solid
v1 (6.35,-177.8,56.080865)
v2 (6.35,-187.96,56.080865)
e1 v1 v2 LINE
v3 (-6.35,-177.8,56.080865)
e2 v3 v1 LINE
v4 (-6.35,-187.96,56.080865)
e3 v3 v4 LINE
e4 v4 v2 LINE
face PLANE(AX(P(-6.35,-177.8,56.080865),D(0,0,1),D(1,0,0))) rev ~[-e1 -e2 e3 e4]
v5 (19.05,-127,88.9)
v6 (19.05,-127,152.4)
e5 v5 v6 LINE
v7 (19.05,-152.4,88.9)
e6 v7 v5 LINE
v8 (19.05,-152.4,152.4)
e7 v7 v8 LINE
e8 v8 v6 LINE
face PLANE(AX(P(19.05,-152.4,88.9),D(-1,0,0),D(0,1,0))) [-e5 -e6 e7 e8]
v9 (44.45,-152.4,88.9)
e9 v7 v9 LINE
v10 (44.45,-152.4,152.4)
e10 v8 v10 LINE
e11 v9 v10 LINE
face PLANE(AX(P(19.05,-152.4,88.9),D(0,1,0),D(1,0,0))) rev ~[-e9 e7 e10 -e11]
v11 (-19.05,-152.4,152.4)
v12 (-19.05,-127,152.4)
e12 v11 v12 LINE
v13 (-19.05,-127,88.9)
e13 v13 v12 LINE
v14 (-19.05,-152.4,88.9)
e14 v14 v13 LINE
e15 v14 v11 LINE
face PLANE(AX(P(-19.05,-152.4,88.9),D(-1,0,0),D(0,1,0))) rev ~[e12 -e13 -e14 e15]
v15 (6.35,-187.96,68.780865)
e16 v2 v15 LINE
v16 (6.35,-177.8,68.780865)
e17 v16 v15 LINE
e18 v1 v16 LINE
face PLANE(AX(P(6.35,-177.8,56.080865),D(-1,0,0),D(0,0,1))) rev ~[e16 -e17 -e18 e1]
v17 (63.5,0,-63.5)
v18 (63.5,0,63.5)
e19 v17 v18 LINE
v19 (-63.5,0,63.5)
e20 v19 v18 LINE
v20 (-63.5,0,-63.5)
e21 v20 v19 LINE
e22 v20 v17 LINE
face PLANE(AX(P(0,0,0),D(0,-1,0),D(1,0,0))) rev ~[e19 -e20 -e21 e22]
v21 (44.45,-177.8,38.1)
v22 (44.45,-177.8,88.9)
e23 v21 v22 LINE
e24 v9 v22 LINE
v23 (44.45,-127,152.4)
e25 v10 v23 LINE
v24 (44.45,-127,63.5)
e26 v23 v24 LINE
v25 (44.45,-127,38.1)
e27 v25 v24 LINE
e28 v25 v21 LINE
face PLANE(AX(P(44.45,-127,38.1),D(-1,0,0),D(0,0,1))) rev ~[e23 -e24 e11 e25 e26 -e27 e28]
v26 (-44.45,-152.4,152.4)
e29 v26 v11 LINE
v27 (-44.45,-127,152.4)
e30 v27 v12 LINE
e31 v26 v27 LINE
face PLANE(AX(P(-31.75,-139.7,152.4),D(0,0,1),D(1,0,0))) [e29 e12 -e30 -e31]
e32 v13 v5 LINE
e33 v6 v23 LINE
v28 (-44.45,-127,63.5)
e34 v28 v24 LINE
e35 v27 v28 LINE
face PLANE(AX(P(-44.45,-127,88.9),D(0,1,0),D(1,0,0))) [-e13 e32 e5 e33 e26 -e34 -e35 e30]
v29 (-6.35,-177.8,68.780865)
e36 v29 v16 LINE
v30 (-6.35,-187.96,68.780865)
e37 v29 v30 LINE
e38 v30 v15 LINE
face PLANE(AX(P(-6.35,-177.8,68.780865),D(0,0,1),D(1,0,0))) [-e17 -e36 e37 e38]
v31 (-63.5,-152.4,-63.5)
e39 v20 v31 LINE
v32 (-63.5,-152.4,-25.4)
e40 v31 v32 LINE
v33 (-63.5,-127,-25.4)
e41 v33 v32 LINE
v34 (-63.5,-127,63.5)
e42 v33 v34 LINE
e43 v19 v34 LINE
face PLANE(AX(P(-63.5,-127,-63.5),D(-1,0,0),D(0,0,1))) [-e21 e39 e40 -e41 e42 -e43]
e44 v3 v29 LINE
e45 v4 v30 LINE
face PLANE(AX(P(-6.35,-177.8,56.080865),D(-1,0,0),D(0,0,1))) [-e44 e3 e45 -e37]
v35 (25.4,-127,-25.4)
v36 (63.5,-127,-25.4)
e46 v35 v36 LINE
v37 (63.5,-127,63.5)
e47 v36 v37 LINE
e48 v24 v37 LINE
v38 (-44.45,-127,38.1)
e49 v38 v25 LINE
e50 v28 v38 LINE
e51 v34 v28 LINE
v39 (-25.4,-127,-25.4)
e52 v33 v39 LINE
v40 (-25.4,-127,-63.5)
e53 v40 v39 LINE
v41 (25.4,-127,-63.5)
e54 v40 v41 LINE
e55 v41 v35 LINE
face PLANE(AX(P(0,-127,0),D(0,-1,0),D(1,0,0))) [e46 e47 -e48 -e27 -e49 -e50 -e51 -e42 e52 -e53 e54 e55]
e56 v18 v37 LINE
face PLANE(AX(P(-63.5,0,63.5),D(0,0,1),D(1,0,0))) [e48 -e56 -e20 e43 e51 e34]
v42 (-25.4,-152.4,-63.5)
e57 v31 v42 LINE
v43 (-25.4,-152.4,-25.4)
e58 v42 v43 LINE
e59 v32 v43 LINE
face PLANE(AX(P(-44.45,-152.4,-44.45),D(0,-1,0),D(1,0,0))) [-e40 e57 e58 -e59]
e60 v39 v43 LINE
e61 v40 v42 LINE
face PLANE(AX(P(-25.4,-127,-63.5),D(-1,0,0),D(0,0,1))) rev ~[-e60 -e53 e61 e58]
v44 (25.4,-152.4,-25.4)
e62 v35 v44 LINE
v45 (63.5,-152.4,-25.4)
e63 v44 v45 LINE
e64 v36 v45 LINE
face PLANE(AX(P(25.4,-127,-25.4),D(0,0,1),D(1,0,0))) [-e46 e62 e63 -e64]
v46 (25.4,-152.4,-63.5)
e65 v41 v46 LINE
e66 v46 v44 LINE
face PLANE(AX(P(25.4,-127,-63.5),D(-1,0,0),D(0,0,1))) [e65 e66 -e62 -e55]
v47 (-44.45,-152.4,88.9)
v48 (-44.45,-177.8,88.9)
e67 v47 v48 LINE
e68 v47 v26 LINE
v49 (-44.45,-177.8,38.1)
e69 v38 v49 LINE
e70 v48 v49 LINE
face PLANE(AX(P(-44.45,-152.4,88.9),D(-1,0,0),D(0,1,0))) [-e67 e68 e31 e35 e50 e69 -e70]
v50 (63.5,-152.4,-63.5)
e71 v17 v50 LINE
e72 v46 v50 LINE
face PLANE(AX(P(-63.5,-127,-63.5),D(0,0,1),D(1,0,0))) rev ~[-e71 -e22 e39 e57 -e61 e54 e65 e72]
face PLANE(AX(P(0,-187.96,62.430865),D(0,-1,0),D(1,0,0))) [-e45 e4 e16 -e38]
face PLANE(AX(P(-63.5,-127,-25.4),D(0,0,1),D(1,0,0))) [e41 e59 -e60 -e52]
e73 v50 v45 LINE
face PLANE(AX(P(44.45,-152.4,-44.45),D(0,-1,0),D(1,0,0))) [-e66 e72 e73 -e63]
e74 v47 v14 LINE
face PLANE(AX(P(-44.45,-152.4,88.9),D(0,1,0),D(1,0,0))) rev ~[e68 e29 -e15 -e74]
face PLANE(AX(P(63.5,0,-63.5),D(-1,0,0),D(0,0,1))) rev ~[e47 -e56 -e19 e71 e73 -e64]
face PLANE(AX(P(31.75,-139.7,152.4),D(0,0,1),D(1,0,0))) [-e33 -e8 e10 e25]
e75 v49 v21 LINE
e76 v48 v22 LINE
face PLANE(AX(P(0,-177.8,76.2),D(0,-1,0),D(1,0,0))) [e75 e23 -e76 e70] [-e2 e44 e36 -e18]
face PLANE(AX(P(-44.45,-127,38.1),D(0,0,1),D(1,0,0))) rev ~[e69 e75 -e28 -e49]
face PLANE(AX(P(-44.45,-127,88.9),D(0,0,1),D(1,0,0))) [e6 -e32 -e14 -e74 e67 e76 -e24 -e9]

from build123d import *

# Parameters (mm, degrees)
F0_W     = 127
F0_H     = 127
F1_DEPTH = 127
F2_W     = 38.1
F2_H     = 38.1
F3_DEPTH = 25.4
F4_W     = 88.9
F4_H     = 25.4
F5_DEPTH = 50.8
F6_W     = 25.4
F6_H     = 25.4
F7_DEPTH = 63.5
F8_W     = 12.7
F8_H     = 12.7
F9_DEPTH = 10.16


with BuildPart() as f1:
    # F0 (on Front) → F1 (new body)
    with BuildSketch(Plane.XZ):
        Rectangle(F0_W, F0_H)
    extrude(amount=F1_DEPTH)

    # F2 (on face) → F3 (join)
    with BuildSketch(Plane.XZ.offset(127)):
        with Locations((-44.45, -44.45)):
            Rectangle(F2_W, F2_H)
        with Locations((44.45, -44.45)):
            Rectangle(F2_W, F2_H)
    extrude(amount=F3_DEPTH)

    # F4 (on face) → F5 (join)
    with BuildSketch(Plane.XZ.offset(127)):
        with Locations((0, 76.2)):
            Rectangle(F4_W, F4_H)
        with Locations((0, 50.8)):
            Rectangle(F4_W, F4_H)
    extrude(amount=F5_DEPTH)

    # F6 (on face) → F7 (join)
    with BuildSketch(Plane.XY.offset(88.9)):
        with Locations((-31.75, -139.7)):
            Rectangle(F6_W, F6_H)
        with Locations((31.75, -139.7)):
            Rectangle(F6_W, F6_H)
    extrude(amount=F7_DEPTH)

    # F8 (on face) → F9 (join)
    with BuildSketch(Plane.XZ.offset(177.8)):
        with Locations((0, 62.430865)):
            Rectangle(F8_W, F8_H)
    extrude(amount=F9_DEPTH)


solid = f1.part
